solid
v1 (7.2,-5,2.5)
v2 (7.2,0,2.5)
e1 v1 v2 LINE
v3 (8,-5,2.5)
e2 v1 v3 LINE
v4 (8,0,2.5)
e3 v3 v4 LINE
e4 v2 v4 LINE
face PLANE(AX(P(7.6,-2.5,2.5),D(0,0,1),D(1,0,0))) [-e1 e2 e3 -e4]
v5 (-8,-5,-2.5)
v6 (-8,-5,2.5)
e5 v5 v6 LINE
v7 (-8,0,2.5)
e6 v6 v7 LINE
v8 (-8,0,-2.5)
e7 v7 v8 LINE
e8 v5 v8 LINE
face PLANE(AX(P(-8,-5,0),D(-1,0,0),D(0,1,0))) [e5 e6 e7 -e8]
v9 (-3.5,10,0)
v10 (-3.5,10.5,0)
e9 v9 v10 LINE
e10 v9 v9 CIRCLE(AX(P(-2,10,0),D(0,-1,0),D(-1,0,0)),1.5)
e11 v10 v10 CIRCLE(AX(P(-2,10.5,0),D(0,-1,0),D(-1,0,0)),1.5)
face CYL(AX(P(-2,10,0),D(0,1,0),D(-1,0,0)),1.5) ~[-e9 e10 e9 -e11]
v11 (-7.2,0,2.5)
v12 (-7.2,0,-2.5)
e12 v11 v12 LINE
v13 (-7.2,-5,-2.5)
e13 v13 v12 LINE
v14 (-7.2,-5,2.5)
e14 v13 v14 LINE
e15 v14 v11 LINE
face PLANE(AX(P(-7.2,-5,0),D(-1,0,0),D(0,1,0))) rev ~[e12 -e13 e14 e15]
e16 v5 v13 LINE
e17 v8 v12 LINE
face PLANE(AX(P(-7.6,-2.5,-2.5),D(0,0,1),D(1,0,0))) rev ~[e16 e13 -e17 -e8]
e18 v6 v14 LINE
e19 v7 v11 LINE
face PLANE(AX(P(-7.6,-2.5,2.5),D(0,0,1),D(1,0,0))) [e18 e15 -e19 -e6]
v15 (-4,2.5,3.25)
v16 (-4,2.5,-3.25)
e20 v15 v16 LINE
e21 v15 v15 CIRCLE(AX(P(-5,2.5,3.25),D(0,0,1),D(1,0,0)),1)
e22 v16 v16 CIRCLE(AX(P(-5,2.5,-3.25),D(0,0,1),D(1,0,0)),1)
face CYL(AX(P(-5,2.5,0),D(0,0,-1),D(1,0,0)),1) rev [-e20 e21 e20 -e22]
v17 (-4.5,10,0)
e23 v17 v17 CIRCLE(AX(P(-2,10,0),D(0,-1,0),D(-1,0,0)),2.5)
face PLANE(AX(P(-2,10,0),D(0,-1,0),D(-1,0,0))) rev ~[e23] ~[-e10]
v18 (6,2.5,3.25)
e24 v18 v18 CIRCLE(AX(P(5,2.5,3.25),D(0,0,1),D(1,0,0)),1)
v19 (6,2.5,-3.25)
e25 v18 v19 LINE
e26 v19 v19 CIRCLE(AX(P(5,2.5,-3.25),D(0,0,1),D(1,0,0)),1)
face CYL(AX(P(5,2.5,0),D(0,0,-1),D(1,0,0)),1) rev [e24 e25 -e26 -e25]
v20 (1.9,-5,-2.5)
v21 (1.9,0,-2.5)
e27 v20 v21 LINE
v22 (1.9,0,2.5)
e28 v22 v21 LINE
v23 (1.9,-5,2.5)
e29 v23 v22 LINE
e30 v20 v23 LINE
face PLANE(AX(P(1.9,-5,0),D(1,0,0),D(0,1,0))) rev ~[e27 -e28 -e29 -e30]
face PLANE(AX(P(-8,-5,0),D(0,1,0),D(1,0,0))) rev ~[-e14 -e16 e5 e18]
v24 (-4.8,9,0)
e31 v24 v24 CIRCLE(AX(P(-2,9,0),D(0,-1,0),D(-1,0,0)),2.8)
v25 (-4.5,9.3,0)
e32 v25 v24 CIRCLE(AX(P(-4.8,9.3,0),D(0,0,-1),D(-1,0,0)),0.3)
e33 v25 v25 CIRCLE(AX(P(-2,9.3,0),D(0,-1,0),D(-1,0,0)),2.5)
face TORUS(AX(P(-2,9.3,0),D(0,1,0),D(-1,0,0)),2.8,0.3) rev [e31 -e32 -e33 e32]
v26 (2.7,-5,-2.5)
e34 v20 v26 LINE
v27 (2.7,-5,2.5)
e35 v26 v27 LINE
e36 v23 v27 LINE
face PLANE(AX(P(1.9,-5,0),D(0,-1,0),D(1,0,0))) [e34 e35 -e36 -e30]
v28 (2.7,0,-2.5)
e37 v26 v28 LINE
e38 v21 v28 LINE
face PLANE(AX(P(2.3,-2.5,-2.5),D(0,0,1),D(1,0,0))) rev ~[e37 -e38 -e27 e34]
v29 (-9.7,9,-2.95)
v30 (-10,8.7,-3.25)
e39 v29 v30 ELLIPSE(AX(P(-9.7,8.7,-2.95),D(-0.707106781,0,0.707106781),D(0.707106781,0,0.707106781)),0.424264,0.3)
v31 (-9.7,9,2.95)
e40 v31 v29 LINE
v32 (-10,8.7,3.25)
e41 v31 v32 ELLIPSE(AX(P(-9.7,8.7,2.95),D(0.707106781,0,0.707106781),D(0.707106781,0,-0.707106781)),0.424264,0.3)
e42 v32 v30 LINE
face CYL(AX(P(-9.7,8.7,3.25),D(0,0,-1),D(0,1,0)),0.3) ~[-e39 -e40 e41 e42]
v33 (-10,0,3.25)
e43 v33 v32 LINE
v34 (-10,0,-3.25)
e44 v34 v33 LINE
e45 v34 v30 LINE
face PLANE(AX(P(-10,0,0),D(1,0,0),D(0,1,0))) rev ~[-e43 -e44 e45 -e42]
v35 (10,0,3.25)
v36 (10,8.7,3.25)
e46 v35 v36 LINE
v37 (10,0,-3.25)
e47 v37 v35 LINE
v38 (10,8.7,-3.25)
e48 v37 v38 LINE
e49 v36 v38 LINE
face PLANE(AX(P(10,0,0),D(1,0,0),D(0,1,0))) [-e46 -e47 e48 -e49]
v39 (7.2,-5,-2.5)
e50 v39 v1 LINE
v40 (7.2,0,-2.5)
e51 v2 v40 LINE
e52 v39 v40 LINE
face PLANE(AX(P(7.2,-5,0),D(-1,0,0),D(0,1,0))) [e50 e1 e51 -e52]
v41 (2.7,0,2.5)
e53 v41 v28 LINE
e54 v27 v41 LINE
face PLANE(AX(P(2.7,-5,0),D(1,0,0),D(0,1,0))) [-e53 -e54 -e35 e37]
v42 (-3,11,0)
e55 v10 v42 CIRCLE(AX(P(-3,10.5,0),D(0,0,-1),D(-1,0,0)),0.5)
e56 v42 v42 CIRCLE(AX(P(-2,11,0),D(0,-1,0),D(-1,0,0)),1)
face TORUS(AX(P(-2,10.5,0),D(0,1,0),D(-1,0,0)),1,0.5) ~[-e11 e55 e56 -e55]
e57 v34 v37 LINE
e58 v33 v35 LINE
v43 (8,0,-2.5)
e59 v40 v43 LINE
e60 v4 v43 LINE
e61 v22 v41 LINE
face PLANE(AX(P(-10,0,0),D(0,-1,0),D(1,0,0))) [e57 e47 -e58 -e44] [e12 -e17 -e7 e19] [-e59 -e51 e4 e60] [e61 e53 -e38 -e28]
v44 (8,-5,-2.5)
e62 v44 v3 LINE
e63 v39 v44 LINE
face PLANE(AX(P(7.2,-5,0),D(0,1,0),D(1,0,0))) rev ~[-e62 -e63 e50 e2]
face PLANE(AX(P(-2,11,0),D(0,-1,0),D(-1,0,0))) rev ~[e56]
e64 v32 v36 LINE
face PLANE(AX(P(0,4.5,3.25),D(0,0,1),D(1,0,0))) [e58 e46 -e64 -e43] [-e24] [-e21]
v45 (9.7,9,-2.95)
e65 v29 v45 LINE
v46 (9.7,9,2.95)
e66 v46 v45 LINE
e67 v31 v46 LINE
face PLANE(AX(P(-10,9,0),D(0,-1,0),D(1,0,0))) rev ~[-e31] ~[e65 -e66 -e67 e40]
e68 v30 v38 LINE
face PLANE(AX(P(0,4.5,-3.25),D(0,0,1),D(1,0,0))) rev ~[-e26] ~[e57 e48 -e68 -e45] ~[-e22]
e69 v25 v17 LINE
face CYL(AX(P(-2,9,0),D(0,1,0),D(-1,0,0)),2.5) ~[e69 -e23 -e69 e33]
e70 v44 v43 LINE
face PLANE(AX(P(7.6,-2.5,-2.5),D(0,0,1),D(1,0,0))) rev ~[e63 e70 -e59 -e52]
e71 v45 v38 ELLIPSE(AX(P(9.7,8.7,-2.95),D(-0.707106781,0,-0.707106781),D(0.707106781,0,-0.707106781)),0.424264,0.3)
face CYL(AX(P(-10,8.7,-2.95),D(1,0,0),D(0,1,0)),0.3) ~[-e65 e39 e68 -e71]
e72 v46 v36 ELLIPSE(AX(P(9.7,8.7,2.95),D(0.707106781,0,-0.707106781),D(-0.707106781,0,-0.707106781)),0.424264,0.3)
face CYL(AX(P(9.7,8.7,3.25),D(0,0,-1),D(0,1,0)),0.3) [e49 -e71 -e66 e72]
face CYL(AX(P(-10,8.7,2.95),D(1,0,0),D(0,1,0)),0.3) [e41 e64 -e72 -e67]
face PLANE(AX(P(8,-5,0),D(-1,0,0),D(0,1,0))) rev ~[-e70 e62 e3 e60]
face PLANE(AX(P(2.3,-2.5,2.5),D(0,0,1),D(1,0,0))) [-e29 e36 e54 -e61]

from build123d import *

# Parameters (mm, degrees)
SKETCH_W     = 20
SKETCH_H     = 9
SKETCH_R     = 1
PAD_DEPTH    = 3.25
SKETCH001_W  = 0.8
SKETCH001_H  = 5
PAD001_DEPTH = 2.5
FILLET_R     = 0.5
FILLET001_R  = 0.3


with BuildPart() as part:
    # Sketch → Pad (new body, symmetric)
    with BuildSketch(Plane.XY):
        with Locations((0, 4.5)):
            Rectangle(SKETCH_W, SKETCH_H)
        with Locations((-5, 2.5)):
            Circle(SKETCH_R, mode=Mode.SUBTRACT)
        with Locations((5, 2.5)):
            Circle(SKETCH_R, mode=Mode.SUBTRACT)
    extrude(amount=PAD_DEPTH, both=True)

    # Sketch001 → Pad001 (join, symmetric)
    with BuildSketch(Plane.XY):
        with Locations((-7.6, -2.5)):
            Rectangle(SKETCH001_W, SKETCH001_H)
        with Locations((7.6, -2.5)):
            Rectangle(SKETCH001_W, SKETCH001_H)
        with Locations((2.3, -2.5)):
            Rectangle(SKETCH001_W, SKETCH001_H)
    extrude(amount=PAD001_DEPTH, both=True)

    # Sketch002 → Revolution (revolve)
    with BuildSketch(Plane.XY):
        Polygon((-2, 9), (-4.5, 9), (-4.5, 10), (-3.5, 10), (-3.5, 11), (-2, 11), align=None)
    revolve(axis=Axis((-2, 0, 0), (0, -1, 0)))

    # Fillet
    fillet_edges = [part.edges().sort_by_distance(p)[0] for p in [
        (-0.5, 11, 0),
    ]]
    fillet(fillet_edges, radius=FILLET_R)

    # Fillet001
    fillet001_edges = [part.edges().sort_by_distance(p)[0] for p in [
        (10, 9, 0),
        (0, 9, -3.25),
        (0, 9, 3.25),
        (-10, 9, 0),
        (0.5, 9, 0),
    ]]
    fillet(fillet001_edges, radius=FILLET001_R)


solid = part.part
